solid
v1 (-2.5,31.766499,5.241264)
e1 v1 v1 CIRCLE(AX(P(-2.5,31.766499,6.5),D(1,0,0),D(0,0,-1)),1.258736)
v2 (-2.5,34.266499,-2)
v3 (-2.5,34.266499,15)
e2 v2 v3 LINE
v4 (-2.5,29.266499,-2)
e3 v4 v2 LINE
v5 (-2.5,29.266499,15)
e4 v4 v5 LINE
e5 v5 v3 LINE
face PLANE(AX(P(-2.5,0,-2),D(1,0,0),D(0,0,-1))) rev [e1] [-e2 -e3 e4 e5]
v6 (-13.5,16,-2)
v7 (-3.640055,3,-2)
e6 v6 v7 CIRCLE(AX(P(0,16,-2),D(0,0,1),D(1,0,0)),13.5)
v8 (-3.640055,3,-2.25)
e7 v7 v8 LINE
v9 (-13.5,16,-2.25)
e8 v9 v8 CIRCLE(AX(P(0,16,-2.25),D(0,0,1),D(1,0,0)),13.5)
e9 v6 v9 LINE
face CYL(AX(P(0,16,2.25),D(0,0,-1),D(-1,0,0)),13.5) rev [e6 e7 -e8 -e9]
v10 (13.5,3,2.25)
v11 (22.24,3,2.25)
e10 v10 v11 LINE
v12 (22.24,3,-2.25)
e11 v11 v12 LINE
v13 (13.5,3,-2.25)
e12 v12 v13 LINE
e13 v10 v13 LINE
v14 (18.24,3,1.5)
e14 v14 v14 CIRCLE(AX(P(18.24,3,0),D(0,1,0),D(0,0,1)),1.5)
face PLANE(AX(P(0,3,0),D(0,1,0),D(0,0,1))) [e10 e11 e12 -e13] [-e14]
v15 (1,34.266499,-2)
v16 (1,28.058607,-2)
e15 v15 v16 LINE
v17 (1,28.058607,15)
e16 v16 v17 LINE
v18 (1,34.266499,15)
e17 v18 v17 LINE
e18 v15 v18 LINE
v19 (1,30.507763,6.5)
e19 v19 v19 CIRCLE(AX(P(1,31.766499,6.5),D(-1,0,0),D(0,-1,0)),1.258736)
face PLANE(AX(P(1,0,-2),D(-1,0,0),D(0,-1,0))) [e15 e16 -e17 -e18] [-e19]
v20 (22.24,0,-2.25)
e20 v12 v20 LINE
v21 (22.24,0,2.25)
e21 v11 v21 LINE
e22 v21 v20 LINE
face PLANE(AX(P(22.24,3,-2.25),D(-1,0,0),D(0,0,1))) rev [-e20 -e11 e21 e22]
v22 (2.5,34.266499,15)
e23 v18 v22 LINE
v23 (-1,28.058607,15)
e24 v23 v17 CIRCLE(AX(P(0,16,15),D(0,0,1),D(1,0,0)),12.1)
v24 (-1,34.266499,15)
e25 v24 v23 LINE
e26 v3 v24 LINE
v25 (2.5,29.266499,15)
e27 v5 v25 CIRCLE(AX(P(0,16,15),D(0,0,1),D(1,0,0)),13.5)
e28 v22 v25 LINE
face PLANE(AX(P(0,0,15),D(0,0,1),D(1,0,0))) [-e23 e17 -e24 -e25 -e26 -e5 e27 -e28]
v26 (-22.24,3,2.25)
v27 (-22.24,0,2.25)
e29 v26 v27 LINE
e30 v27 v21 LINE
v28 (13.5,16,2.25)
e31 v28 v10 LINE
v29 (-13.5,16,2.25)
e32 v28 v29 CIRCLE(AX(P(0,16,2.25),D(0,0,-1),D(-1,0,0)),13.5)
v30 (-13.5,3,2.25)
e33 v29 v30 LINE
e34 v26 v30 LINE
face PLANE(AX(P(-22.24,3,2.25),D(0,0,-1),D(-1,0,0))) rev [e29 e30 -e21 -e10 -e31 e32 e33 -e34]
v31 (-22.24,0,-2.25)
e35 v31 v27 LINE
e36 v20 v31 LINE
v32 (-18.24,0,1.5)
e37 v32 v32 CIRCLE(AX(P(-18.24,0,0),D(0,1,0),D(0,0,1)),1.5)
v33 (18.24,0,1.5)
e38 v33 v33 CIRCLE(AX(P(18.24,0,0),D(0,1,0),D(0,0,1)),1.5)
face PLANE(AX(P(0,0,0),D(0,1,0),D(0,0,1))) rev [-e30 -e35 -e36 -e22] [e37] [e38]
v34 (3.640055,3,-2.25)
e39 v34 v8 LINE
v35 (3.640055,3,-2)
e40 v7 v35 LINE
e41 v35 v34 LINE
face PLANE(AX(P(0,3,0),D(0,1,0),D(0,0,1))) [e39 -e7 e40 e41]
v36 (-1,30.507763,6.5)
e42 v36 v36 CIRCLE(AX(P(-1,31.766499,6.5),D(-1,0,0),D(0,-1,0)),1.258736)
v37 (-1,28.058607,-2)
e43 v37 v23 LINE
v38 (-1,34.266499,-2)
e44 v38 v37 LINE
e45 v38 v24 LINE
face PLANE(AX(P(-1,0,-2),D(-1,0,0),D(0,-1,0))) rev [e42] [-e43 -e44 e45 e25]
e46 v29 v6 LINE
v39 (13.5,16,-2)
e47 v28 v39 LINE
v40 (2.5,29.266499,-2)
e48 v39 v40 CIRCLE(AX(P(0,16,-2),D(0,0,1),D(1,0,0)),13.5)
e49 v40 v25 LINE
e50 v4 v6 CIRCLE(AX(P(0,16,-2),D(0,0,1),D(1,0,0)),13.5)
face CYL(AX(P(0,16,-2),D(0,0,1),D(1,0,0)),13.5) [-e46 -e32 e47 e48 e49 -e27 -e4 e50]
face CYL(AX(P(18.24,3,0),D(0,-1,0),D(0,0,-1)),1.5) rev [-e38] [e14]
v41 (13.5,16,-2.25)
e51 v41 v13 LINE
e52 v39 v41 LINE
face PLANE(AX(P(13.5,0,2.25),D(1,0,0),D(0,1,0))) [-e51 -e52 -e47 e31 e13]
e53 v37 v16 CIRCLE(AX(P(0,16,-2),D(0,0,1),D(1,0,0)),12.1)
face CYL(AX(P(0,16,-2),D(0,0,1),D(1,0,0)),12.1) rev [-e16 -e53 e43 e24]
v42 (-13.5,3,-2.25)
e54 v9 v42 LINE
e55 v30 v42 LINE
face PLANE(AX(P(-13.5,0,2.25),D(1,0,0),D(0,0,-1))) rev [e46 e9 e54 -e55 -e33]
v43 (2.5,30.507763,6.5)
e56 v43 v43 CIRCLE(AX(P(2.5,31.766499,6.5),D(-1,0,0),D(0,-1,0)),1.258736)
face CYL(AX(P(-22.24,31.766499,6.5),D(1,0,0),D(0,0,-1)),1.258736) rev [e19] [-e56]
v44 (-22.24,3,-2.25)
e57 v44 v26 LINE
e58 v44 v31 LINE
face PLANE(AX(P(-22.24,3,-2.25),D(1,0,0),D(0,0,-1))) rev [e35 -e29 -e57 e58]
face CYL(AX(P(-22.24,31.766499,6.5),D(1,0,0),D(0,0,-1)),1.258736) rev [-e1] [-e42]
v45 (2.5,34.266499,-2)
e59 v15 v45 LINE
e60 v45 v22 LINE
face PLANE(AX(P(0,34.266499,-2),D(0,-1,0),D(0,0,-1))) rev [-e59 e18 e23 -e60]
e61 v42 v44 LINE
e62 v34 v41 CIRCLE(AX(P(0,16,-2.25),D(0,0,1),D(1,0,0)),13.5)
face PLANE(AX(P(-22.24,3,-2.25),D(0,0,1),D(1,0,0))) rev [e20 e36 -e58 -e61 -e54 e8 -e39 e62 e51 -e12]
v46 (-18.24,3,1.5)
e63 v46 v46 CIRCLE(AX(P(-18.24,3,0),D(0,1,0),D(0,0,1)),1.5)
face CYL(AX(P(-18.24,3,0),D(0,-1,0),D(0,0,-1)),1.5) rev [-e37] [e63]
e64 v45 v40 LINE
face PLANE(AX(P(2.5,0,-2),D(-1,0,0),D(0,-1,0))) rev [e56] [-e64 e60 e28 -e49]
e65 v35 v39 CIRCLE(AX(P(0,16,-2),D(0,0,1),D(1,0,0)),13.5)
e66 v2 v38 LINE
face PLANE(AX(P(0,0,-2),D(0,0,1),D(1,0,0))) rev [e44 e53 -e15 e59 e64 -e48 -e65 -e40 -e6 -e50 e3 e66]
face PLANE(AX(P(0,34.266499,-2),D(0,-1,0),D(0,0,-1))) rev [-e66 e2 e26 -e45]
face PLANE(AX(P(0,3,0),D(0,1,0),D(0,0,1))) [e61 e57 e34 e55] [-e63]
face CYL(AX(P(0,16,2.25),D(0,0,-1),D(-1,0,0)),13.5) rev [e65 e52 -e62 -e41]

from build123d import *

# Parameters (mm, degrees)
SKETCH1_W                = 44.48
SKETCH1_H                = 4.5
SKETCH1_R                = 1.5
BOSS_EXTRUDE1_DEPTH      = 3
BOSS_EXTRUDE2_DEPTH      = 15
BOSS_EXTRUDE2_DEPTH_BACK = 2
BOSS_EXTRUDE3_DEPTH      = 2.25
CUT_EXTRUDE1_DEPTH       = 44.517933829
CUT_EXTRUDE1_DEPTH_BACK  = 44.517933829
SKETCH3_R                = 1.258736144


with BuildPart() as part:
    # Sketch1 → Boss-Extrude1 (new body)
    with BuildSketch(Plane(origin=(0, 0, 0), x_dir=(1, 0, 0), z_dir=(0, 1, 0))):
        Rectangle(SKETCH1_W, SKETCH1_H)
        with Locations((-18.24, 0)):
            Circle(SKETCH1_R, mode=Mode.SUBTRACT)
        with Locations((18.24, 0)):
            Circle(SKETCH1_R, mode=Mode.SUBTRACT)
    extrude(amount=BOSS_EXTRUDE1_DEPTH)

    # Sketch2 → Boss-Extrude2 (add, two sides: drawn at the far end of the back side and taken through both)
    with BuildSketch(Plane.XY.offset(-BOSS_EXTRUDE2_DEPTH_BACK)):
        with BuildLine():
            ThreePointArc((-2.5, 29.266499161), (0, 2.5), (2.5, 29.266499161))
            Line((2.5, 29.266499161), (2.5, 34.266499161))
            Line((2.5, 34.266499161), (1, 34.266499161))
            Line((1, 34.266499161), (1, 28.058606885))
            ThreePointArc((1, 28.058606885), (0, 3.9), (-1, 28.058606885))
            Line((-1, 28.058606885), (-1, 34.266499161))
            Line((-1, 34.266499161), (-2.5, 34.266499161))
            Line((-2.5, 34.266499161), (-2.5, 29.266499161))
        make_face()
    extrude(amount=BOSS_EXTRUDE2_DEPTH + BOSS_EXTRUDE2_DEPTH_BACK)

    # Sketch2<3> → Boss-Extrude3 (add, symmetric)
    with BuildSketch(Plane.XY):
        with BuildLine():
            ThreePointArc((-3.640054945, 3), (-10.756178265, 7.841897946), (-13.5, 16))
            Line((-13.5, 16), (-13.5, 3))
            Line((-13.5, 3), (-3.640054945, 3))
        make_face()
        with BuildLine():
            ThreePointArc((13.5, 16), (10.756178265, 7.841897946), (3.640054945, 3))
            Line((3.640054945, 3), (13.5, 3))
            Line((13.5, 3), (13.5, 16))
        make_face()
    extrude(amount=BOSS_EXTRUDE3_DEPTH, both=True)

    # Sketch3 → Cut-Extrude1 (cut, two sides: drawn at the far end of the back side and taken through both)
    with BuildSketch(Plane(origin=(0, 0, 0), x_dir=(0, 0, -1), z_dir=(1, 0, 0)).offset(-CUT_EXTRUDE1_DEPTH_BACK)):
        with Locations((-6.5, 31.766499161)):
            Circle(SKETCH3_R)
    extrude(amount=CUT_EXTRUDE1_DEPTH + CUT_EXTRUDE1_DEPTH_BACK, mode=Mode.SUBTRACT)


solid = part.part
